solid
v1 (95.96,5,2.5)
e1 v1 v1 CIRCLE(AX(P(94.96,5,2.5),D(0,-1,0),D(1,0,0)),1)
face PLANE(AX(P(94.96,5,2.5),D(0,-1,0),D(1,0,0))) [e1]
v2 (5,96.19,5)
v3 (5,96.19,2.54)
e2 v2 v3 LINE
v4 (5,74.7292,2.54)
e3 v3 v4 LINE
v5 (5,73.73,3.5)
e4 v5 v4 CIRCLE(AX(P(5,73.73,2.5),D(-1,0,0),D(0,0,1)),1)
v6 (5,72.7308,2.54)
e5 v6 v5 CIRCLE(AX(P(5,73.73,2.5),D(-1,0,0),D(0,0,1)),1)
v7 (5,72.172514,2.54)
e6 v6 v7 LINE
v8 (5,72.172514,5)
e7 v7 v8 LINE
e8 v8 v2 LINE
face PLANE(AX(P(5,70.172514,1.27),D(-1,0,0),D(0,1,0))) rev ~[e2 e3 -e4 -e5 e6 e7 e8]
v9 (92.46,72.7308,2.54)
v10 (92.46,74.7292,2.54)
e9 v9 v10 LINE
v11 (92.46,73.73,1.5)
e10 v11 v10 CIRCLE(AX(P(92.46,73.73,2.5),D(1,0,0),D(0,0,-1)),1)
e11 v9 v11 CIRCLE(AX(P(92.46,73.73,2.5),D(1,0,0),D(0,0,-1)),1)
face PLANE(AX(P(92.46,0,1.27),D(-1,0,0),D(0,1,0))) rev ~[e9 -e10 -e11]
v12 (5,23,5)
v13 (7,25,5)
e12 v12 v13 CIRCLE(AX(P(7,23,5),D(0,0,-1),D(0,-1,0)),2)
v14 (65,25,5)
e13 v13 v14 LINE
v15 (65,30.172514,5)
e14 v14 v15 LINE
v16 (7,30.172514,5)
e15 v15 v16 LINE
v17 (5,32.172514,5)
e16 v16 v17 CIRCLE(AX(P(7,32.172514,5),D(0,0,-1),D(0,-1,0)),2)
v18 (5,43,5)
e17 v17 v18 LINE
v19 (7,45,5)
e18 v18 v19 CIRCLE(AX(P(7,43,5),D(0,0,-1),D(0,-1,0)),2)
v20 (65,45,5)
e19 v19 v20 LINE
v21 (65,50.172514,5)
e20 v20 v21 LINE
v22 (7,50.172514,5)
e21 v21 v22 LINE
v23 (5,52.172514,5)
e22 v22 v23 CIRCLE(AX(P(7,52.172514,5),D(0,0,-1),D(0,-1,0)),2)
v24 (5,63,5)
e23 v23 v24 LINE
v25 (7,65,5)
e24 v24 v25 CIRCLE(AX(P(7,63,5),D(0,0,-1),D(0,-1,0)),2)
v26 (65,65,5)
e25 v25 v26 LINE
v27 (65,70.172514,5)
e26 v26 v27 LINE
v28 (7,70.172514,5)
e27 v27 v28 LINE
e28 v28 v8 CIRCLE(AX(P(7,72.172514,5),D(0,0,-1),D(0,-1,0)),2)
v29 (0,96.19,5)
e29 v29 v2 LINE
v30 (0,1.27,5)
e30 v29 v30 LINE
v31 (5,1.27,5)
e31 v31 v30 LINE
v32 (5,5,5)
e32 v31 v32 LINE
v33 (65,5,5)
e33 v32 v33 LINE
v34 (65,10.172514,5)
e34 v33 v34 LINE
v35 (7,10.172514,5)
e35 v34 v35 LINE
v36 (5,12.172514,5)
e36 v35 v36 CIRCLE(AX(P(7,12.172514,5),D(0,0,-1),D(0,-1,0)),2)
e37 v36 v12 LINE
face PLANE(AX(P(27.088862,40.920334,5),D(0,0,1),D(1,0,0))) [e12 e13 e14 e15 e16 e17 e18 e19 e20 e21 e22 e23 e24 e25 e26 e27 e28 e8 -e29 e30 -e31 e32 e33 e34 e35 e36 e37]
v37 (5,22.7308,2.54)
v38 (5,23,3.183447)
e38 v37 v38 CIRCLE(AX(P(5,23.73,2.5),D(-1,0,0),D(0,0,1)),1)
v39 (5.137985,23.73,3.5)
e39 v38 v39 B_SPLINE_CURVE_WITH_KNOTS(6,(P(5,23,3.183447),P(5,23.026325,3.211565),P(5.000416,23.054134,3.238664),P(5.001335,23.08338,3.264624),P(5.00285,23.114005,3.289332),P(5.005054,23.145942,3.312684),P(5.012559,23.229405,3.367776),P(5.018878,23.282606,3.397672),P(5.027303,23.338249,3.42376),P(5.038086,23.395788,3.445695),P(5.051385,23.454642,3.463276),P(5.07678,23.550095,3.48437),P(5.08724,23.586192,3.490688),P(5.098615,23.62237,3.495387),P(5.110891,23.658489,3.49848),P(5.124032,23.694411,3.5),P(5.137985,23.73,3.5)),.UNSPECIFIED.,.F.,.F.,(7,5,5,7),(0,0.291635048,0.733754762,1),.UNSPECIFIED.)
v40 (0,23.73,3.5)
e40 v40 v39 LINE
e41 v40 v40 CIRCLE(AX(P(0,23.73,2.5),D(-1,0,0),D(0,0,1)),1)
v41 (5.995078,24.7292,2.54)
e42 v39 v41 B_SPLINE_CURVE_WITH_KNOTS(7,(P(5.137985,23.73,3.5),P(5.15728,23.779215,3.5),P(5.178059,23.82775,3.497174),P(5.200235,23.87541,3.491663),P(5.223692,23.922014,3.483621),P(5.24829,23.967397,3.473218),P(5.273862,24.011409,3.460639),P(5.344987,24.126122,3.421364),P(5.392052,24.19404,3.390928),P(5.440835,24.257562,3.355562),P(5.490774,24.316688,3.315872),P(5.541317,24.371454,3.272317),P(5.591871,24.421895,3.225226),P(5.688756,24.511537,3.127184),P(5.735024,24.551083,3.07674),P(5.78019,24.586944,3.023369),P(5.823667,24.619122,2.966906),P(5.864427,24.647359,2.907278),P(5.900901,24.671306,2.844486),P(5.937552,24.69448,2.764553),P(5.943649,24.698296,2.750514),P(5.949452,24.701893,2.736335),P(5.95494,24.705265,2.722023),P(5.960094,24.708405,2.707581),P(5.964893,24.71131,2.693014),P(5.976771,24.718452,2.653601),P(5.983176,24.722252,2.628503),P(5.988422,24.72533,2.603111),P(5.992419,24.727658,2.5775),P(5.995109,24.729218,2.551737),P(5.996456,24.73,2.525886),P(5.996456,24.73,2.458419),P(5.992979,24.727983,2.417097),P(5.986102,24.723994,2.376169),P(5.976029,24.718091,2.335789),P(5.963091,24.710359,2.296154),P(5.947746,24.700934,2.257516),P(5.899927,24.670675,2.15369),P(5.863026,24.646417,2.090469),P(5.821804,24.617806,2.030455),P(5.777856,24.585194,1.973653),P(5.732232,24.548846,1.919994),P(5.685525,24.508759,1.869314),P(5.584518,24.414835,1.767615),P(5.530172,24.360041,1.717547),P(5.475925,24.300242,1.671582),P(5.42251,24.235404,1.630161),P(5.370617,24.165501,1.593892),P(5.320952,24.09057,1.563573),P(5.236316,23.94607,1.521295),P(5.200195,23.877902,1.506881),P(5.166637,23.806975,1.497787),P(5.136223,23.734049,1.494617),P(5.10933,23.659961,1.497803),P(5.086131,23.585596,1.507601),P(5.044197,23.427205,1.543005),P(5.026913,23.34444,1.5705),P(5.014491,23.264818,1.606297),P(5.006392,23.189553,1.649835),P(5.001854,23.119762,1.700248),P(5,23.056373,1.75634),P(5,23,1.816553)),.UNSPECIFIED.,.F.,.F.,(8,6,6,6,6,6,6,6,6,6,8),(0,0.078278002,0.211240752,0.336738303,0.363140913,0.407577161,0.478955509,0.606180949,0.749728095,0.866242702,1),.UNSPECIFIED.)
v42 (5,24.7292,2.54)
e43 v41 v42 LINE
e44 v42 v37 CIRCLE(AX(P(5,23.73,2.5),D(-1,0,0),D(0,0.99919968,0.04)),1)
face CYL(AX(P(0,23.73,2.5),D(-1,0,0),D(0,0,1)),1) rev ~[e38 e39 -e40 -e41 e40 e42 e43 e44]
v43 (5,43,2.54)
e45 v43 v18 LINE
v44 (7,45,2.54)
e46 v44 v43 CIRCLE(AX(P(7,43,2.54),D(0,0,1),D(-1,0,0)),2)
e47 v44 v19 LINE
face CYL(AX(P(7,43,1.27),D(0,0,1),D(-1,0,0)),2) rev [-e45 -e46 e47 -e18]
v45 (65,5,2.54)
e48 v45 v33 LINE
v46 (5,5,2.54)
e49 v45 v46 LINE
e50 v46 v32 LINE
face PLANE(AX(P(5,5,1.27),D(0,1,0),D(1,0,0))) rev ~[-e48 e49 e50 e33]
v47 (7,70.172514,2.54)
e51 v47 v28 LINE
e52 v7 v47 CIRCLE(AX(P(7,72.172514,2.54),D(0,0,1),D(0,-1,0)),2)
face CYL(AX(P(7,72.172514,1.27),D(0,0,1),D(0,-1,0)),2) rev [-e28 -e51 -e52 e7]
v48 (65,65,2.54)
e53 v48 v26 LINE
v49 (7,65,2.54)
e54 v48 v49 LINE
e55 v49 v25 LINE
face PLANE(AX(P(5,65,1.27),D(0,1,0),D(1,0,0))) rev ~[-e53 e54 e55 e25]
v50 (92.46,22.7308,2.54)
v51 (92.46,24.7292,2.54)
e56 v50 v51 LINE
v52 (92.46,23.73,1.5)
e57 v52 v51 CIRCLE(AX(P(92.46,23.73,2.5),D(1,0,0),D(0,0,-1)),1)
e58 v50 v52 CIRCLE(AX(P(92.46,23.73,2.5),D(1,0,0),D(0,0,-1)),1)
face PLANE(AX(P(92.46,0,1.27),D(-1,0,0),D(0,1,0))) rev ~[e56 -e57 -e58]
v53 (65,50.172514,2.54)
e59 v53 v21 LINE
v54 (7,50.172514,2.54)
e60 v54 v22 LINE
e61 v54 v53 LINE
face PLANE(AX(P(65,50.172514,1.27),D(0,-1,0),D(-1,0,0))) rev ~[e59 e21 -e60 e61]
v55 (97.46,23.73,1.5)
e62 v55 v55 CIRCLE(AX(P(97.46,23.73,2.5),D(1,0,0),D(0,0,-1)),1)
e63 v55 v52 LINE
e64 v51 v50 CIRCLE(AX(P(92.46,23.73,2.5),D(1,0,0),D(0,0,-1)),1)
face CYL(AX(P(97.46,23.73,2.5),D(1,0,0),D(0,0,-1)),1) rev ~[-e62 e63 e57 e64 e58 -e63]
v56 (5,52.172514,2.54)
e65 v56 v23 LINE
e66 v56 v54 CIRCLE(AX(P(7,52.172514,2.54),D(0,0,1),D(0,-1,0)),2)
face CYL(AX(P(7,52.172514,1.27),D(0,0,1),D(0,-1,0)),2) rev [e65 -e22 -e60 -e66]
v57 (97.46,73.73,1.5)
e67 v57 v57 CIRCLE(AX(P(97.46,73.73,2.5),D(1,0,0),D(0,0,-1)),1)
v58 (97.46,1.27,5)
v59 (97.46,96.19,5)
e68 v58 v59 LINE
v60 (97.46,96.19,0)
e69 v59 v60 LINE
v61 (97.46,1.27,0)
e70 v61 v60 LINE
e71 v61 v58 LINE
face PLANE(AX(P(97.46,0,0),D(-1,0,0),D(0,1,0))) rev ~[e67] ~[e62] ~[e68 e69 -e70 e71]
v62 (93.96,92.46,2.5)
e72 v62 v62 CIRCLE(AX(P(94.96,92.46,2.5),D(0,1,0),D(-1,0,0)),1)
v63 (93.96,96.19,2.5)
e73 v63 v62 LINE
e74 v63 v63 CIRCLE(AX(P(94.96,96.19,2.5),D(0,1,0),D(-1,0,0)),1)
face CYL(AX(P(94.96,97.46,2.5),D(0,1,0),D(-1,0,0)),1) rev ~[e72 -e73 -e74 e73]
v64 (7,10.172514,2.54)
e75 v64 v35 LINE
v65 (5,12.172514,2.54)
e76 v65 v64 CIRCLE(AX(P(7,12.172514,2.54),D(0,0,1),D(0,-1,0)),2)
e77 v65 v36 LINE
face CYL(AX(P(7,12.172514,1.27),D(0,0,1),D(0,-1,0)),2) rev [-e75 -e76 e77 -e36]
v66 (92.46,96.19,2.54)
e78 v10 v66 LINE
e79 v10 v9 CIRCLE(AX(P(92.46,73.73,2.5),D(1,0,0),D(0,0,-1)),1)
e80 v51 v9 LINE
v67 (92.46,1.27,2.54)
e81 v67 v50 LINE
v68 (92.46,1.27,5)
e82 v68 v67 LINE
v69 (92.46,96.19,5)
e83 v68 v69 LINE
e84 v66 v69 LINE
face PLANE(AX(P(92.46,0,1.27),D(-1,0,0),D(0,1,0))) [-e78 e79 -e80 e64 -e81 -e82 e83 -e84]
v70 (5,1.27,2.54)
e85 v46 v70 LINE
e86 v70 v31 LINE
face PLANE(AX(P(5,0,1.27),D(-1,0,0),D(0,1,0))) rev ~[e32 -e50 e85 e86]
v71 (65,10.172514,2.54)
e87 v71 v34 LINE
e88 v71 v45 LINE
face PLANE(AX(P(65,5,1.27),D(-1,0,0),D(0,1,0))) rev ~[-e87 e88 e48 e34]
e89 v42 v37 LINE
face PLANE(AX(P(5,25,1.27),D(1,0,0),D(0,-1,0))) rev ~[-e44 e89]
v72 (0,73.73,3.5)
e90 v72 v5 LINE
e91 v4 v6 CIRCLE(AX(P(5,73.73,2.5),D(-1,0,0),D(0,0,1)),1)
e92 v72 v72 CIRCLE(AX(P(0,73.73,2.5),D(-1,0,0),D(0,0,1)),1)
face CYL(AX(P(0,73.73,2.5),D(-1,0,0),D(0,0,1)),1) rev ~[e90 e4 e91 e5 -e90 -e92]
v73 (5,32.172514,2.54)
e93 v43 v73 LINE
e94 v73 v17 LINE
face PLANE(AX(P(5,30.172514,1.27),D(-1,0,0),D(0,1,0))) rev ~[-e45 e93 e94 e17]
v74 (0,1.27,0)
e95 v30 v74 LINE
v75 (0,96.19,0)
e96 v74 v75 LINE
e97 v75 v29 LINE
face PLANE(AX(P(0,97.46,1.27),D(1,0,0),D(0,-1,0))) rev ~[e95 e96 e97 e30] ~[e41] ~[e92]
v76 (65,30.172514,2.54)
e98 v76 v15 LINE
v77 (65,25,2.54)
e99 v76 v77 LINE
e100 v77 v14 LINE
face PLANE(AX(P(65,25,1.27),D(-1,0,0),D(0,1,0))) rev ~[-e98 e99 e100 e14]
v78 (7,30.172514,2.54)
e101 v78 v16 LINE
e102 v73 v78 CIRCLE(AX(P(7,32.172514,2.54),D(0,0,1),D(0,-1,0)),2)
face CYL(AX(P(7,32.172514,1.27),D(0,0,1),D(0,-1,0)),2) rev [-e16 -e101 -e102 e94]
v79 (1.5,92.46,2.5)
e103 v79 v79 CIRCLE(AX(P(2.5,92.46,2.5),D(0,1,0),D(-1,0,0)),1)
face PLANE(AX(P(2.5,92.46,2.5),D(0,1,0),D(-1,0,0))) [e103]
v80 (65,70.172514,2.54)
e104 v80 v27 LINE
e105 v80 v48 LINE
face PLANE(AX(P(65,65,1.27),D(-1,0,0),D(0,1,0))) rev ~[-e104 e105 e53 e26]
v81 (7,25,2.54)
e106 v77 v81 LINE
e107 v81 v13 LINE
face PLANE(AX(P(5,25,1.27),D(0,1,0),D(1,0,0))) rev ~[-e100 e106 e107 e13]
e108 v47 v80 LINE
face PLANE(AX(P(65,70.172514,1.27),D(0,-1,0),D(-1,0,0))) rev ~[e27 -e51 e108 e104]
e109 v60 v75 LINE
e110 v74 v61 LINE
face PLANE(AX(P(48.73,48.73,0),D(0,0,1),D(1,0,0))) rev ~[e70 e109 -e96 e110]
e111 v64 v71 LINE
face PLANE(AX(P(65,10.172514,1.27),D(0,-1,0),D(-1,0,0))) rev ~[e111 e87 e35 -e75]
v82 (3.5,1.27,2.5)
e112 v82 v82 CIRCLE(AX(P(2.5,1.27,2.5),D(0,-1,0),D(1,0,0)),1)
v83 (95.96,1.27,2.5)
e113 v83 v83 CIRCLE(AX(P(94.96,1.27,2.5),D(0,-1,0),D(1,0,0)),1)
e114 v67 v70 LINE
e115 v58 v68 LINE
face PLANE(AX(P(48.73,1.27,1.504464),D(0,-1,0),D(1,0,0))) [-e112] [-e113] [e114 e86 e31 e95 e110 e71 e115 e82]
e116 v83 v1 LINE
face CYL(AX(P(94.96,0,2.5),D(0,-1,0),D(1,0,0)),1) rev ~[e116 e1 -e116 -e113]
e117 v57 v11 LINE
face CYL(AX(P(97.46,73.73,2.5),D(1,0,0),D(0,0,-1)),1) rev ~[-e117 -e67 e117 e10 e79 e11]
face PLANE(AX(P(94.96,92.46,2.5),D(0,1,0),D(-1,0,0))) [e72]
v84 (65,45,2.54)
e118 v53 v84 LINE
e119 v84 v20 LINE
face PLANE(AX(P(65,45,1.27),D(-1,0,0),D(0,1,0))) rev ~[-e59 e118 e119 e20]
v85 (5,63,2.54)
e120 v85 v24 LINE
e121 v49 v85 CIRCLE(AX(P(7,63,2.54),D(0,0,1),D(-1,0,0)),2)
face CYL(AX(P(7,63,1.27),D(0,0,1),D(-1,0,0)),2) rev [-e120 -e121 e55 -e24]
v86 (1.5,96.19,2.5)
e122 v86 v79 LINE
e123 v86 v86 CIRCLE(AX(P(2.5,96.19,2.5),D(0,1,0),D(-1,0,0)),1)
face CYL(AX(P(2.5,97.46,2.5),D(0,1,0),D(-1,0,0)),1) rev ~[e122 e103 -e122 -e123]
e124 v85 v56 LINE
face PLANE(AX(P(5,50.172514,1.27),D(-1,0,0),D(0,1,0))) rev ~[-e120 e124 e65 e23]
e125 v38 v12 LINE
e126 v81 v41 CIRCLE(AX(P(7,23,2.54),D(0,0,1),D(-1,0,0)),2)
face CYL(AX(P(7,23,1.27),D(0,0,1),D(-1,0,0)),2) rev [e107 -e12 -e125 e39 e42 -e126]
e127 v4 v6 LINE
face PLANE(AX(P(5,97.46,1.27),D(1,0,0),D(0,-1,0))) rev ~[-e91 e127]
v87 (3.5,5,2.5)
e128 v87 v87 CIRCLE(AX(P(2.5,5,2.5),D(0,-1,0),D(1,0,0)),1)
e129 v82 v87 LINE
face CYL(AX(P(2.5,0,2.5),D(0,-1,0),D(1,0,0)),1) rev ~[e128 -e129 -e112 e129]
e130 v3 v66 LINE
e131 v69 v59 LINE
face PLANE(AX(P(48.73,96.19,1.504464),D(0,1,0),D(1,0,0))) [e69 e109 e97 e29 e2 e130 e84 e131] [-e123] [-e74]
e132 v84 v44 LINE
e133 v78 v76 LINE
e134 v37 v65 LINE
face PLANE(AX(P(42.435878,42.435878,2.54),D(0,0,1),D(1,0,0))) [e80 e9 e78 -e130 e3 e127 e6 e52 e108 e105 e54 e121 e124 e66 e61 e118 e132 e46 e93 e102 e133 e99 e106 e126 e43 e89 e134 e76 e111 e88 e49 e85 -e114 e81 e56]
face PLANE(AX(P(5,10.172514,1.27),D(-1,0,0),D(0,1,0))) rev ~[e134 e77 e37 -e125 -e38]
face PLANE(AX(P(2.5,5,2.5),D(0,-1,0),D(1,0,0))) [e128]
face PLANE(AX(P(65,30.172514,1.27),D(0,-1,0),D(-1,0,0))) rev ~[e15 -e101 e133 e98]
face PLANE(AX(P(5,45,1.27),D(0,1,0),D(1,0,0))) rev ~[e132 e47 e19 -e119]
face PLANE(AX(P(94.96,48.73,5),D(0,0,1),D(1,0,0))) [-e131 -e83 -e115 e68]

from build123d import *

# Parameters (mm, degrees)
SKETCH1_W           = 97.46
SKETCH1_H           = 97.46
BOSS_EXTRUDE1_DEPTH = 1.27
SKETCH3_W           = 5
SKETCH3_H           = 97.46
BOSS_EXTRUDE2_DEPTH = 3.73
SKETCH7_R           = 1
CUT_EXTRUDE2_DEPTH  = 5
SKETCH6_R           = 1
CUT_EXTRUDE3_DEPTH  = 5
SKETCH4_R           = 1
CUT_EXTRUDE4_DEPTH  = 5
SKETCH5_R           = 1
CUT_EXTRUDE5_DEPTH  = 5
FILLET1_R           = 2
SKETCH8_R           = 1
CUT_EXTRUDE6_DEPTH  = 10
SKETCH9_R           = 1
CUT_EXTRUDE7_DEPTH  = 10
BOSS_EXTRUDE3_DEPTH = 1.27
CUT_EXTRUDE8_DEPTH  = 1.27
CUT_EXTRUDE9_DEPTH  = 1.27


with BuildPart() as part:
    # Sketch1 → Boss-Extrude1 (new body)
    with BuildSketch(Plane.XY):
        with Locations((48.73, 48.73)):
            Rectangle(SKETCH1_W, SKETCH1_H)
    extrude(amount=BOSS_EXTRUDE1_DEPTH)

    # Sketch3 → Boss-Extrude2 (add)
    with BuildSketch(Plane.XY.offset(1.27)):
        Polygon((0, 0), (5, 0), (5, 5), (65, 5), (65, 10.172513956), (5, 10.172513956), (5, 25), (65, 25), (65, 30.172513956), (5, 30.172513956), (5, 45), (65, 45), (65, 50.172513956), (5, 50.172513956), (5, 65), (65, 65), (65, 70.172513956), (5, 70.172513956), (5, 97.46), (0, 97.46), align=None)
        with Locations((94.96, 48.73)):
            Rectangle(SKETCH3_W, SKETCH3_H)
    extrude(amount=BOSS_EXTRUDE2_DEPTH)

    # Sketch7 → Cut-Extrude2 (cut)
    with BuildSketch(Plane(origin=(0, 97.46, 0), x_dir=(-1, 0, 0), z_dir=(0, 1, 0))):
        with Locations((-2.5, 2.5)):
            Circle(SKETCH7_R)
    extrude(amount=-CUT_EXTRUDE2_DEPTH, mode=Mode.SUBTRACT)

    # Sketch6 → Cut-Extrude3 (cut)
    with BuildSketch(Plane(origin=(0, 97.46, 0), x_dir=(-1, 0, 0), z_dir=(0, 1, 0))):
        with Locations((-94.96, 2.5)):
            Circle(SKETCH6_R)
    extrude(amount=-CUT_EXTRUDE3_DEPTH, mode=Mode.SUBTRACT)

    # Sketch4 → Cut-Extrude4 (cut)
    with BuildSketch(Plane.XZ):
        with Locations((94.96, 2.5)):
            Circle(SKETCH4_R)
    extrude(amount=-CUT_EXTRUDE4_DEPTH, mode=Mode.SUBTRACT)

    # Sketch5 → Cut-Extrude5 (cut)
    with BuildSketch(Plane.XZ):
        with Locations((2.5, 2.5)):
            Circle(SKETCH5_R)
    extrude(amount=-CUT_EXTRUDE5_DEPTH, mode=Mode.SUBTRACT)

    # Fillet1
    fillet1_edges = [part.edges().sort_by_distance(p)[0] for p in [
        (5, 70.172513956, 3.135),
        (5, 50.172513956, 3.135),
        (5, 30.172513956, 3.135),
        (5, 10.172513956, 3.135),
        (5, 65, 3.135),
        (5, 45, 3.135),
        (5, 25, 3.135),
    ]]
    fillet(fillet1_edges, radius=FILLET1_R)

    # Sketch8 → Cut-Extrude6 (cut)
    with BuildSketch(Plane.ZY):
        with Locations((2.5, 23.73)):
            Circle(SKETCH8_R)
        with Locations((2.5, 73.73)):
            Circle(SKETCH8_R)
    extrude(amount=-CUT_EXTRUDE6_DEPTH, mode=Mode.SUBTRACT)

    # Sketch9 → Cut-Extrude7 (cut)
    with BuildSketch(Plane(origin=(97.46, 0, 0), x_dir=(0, 0, -1), z_dir=(1, 0, 0))):
        with Locations((-2.5, 73.73)):
            Circle(SKETCH9_R)
        with Locations((-2.5, 23.73)):
            Circle(SKETCH9_R)
    extrude(amount=-CUT_EXTRUDE7_DEPTH, mode=Mode.SUBTRACT)

    # Sketch3<5> → Boss-Extrude3 (add)
    with BuildSketch(Plane.XY.offset(1.27)):
        Polygon((65, 5), (5, 5), (5, 0), (92.46, 0), (92.46, 5), (92.46, 92.46), (92.46, 97.46), (5, 97.46), (5, 92.46), (5, 70.172513956), (65, 70.172513956), (65, 65), (5, 65), (5, 50.172513956), (65, 50.172513956), (65, 45), (5, 45), (5, 30.172513956), (65, 30.172513956), (65, 25), (5, 25), (5, 10.172513956), (65, 10.172513956), align=None)
    extrude(amount=BOSS_EXTRUDE3_DEPTH)

    # Sketch10 → Cut-Extrude8 (cut)
    with BuildSketch(Plane.XZ):
        Polygon((5, 5), (0, 5), (0, 0), (97.46, 0), (97.46, 5), (92.46, 5), (92.46, 2.54), (5, 2.54), align=None)
    extrude(amount=-CUT_EXTRUDE8_DEPTH, mode=Mode.SUBTRACT)

    # Sketch11 → Cut-Extrude9 (cut)
    with BuildSketch(Plane(origin=(0, 97.46, 0), x_dir=(1, 0, 0), z_dir=(0, 1, 0))):
        Polygon((92.46, -2.54), (92.46, -5), (97.46, -5), (97.46, 0), (0, 0), (0, -5), (5, -5), (5, -2.54), align=None)
    extrude(amount=-CUT_EXTRUDE9_DEPTH, mode=Mode.SUBTRACT)


solid = part.part
